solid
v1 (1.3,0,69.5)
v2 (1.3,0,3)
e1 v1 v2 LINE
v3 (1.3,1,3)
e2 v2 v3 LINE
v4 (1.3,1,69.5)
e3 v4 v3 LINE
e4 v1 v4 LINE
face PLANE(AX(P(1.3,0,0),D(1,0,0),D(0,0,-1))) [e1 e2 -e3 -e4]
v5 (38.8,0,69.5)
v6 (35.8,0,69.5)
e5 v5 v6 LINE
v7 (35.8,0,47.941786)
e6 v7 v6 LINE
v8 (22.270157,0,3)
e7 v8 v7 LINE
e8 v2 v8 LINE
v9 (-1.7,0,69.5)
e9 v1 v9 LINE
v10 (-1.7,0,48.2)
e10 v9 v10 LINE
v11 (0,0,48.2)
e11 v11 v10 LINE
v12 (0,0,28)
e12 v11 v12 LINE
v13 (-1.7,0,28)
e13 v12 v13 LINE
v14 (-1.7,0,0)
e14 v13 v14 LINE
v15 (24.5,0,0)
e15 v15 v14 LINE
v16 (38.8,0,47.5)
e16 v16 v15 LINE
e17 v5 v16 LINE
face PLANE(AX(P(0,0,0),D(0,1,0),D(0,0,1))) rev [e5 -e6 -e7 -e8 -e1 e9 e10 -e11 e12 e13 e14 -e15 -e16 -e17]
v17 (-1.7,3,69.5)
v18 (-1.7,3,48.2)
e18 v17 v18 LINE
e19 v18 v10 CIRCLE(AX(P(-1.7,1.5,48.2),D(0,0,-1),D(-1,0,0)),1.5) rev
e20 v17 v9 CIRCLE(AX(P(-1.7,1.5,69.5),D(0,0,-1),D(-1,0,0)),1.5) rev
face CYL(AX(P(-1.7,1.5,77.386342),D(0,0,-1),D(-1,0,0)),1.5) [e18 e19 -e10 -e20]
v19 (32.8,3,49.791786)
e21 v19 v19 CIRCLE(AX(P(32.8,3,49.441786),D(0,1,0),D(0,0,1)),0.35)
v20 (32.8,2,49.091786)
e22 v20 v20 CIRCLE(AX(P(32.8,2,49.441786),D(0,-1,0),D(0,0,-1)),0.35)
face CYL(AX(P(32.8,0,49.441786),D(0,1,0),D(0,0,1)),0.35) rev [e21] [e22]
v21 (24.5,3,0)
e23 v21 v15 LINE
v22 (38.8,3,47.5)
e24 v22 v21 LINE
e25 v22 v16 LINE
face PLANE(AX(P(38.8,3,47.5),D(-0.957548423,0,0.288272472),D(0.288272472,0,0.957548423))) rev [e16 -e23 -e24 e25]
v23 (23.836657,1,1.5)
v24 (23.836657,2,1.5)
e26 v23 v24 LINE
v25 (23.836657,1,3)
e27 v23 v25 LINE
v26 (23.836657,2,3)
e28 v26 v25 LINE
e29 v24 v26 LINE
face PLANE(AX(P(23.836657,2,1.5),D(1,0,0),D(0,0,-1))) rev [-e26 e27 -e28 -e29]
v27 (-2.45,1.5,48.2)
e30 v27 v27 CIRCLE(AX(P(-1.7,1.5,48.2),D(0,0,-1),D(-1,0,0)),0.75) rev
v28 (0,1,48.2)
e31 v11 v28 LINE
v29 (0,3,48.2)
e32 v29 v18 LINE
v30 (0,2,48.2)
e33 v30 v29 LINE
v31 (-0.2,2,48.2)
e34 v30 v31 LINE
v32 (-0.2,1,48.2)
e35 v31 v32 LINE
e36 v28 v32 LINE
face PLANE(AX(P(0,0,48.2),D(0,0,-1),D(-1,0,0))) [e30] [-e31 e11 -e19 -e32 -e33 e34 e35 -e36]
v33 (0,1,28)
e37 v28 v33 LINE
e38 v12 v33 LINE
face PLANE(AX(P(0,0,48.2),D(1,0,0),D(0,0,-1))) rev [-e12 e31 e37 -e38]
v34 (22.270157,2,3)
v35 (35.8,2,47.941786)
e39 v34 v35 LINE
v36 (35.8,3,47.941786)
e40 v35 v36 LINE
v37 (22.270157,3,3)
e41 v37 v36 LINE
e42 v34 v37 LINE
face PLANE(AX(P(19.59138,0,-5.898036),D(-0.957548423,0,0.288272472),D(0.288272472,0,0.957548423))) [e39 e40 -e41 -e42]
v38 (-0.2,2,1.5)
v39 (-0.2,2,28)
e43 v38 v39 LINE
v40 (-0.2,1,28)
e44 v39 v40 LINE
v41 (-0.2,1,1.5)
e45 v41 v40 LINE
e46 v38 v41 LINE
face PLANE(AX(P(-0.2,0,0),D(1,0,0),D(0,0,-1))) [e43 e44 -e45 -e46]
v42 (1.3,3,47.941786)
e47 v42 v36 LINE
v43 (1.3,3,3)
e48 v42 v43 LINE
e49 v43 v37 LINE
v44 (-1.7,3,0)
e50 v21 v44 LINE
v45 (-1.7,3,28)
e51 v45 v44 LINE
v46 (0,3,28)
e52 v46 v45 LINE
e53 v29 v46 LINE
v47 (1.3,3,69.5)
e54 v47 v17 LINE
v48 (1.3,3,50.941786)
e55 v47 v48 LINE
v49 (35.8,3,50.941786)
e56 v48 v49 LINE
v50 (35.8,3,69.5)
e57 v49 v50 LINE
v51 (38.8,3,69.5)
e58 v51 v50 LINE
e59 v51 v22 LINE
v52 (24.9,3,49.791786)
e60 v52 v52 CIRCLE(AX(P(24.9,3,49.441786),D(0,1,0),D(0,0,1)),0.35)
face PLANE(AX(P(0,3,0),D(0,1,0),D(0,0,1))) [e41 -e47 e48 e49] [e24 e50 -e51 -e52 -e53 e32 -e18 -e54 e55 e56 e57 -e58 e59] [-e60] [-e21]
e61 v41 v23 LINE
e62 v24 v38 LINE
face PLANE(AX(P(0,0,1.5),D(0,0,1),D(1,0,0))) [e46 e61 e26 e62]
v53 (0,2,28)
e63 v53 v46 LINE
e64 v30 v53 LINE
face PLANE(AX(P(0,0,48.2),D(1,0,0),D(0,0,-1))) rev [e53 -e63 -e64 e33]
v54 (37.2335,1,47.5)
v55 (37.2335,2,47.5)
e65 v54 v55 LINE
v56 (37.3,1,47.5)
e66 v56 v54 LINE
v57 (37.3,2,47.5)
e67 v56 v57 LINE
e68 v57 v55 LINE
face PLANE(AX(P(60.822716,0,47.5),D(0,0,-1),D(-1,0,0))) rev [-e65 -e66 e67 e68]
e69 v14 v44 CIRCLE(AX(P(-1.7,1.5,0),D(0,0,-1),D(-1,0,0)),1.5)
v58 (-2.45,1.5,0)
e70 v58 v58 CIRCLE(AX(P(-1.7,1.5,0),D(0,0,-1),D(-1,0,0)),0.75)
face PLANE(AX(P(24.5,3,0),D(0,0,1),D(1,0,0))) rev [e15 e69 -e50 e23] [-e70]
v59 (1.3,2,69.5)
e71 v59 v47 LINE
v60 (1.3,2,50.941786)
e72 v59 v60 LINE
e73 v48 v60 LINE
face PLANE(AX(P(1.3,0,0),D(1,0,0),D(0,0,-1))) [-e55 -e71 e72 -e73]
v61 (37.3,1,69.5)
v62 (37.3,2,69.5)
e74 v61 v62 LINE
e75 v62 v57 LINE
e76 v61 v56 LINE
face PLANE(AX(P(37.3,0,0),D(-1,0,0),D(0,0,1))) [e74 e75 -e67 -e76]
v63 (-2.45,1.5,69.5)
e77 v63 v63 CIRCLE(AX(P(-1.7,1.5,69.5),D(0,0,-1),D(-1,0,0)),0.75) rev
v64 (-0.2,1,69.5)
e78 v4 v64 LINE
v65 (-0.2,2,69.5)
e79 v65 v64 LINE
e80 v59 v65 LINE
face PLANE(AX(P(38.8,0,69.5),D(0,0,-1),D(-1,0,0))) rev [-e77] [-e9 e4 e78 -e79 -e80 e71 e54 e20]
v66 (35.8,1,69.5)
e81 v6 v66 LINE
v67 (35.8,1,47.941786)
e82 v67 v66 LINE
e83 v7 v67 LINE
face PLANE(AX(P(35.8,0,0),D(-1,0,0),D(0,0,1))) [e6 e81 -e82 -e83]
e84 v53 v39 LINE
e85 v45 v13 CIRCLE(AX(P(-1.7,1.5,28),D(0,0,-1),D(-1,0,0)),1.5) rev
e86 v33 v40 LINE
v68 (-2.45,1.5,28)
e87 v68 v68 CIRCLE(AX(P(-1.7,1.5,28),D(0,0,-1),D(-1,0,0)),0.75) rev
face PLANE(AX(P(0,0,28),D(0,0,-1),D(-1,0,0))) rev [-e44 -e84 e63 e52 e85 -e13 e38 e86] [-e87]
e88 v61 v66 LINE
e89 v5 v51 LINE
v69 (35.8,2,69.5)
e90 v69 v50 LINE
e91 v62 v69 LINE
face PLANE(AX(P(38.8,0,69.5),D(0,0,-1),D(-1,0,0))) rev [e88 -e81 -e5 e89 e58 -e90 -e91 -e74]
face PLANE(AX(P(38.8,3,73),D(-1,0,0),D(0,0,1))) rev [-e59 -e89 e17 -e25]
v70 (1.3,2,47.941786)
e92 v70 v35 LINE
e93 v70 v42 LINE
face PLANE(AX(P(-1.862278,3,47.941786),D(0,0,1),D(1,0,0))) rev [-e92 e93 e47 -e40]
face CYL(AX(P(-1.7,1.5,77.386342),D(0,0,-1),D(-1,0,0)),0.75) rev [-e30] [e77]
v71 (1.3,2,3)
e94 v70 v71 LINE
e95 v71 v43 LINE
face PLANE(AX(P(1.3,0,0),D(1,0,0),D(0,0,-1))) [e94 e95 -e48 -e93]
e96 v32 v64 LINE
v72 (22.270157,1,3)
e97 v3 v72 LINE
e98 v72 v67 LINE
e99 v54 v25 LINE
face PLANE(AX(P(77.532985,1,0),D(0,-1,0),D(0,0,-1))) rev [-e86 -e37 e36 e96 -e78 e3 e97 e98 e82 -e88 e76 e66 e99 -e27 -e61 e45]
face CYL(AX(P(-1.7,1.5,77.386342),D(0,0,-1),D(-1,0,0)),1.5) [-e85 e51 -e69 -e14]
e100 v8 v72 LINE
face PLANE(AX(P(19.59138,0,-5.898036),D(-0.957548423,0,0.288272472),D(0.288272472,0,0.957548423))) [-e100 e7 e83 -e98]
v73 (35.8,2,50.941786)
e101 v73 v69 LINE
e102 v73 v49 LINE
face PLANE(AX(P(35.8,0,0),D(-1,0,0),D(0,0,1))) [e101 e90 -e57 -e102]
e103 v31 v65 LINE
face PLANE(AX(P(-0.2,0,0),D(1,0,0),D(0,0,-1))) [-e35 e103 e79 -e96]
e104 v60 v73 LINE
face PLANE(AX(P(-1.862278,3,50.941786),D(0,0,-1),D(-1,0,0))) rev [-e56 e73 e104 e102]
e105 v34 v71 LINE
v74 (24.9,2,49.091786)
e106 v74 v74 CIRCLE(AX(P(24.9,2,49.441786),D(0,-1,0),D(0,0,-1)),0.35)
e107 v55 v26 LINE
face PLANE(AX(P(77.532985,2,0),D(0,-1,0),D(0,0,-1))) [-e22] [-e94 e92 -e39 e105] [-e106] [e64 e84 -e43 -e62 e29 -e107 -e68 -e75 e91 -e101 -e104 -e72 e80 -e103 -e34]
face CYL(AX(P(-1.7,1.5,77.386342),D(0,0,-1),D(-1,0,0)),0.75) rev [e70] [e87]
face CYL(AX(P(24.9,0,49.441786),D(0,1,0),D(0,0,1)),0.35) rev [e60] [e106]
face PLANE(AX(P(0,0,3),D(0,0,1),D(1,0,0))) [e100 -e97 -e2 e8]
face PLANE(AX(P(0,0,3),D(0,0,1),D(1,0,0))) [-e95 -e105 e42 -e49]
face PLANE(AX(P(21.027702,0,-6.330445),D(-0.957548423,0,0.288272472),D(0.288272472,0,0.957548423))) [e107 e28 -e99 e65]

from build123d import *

# Parameters (mm, degrees)
EXTRUDE_1_DEPTH                   = 3
SKETCH_2_R                        = 1.5
SKETCH_2_R_2                      = 0.75
EXTRUDE_2_DEPTH                   = 73
SKETCH_3_W                        = 42
SKETCH_3_H                        = 3.5
SKETCH_3_W_2                      = 3.2
SKETCH_3_H_2                      = 20.2
CUT_EXTRUDE_1_DEPTH               = 83.725086884
CUT_EXTRUDE_2_REACH               = 84.028
CUT_EXTRUDE_2_OFFSET_FROM_SURFACE = 1.5
CUT_EXTRUDE_START                 = -1.5
SKETCH_4_W                        = 44.5
SKETCH_4_H                        = 1
SKETCH_4_3_W                      = 22
SKETCH_4_3_H                      = 1
CUT_EXTRUDE_3_DEPTH               = 37.5
SKETCH_5_W                        = 3
SKETCH_5_H                        = 1
EXTRUDE_3_DEPTH                   = 34.5
SKETCH_6_R                        = 0.35
CUT_EXTRUDE_4_DEPTH               = 80.653562381
SKETCH_7_W                        = 24.036657481
SKETCH_7_H                        = 1
CUT_EXTRUDE_5_DEPTH               = 1.5


with BuildPart() as part:
    # 草图1 → 凸台-拉伸1 (new body)
    with BuildSketch(Plane(origin=(0, 0, 0), x_dir=(1, 0, 0), z_dir=(0, 1, 0))):
        Polygon((0, 0), (0, -73), (38.8, -73), (38.8, -47.5), (24.5, 0), align=None)
    extrude(amount=EXTRUDE_1_DEPTH)

    # 草图2 → 凸台-拉伸2 (add)
    # profile 1 of 2: a face of its own
    with BuildSketch(Plane(origin=(0, 0, 0), x_dir=(-1, 0, 0), z_dir=(0, 0, -1))):
        with BuildLine():
            Line((0, 3), (0, 0))
            Line((0, 0), (1.7, 0))
            ThreePointArc((1.7, 0), (0.2, 1.5), (1.7, 3))
            Line((1.7, 3), (0, 3))
        make_face()
    # profile 2 of 2: a face of its own
    with BuildSketch(Plane(origin=(0, 0, 0), x_dir=(-1, 0, 0), z_dir=(0, 0, -1))):
        with Locations((1.7, 1.5)):
            Circle(SKETCH_2_R)
        with Locations((1.7, 1.5)):
            Circle(SKETCH_2_R_2, mode=Mode.SUBTRACT)
    extrude(amount=-EXTRUDE_2_DEPTH)

    # 草图3 → 切除-拉伸1 (cut, through all)
    with BuildSketch(Plane(origin=(0, 3, 0), x_dir=(1, 0, 0), z_dir=(0, 1, 0))):
        with Locations((17.8, -71.25)):
            Rectangle(SKETCH_3_W, SKETCH_3_H)
        with Locations((-1.6, -38.1)):
            Rectangle(SKETCH_3_W_2, SKETCH_3_H_2)
        Polygon((1.3, -3), (22.270157068, -3), (35.8, -47.941785964), (35.8, -69.5), (1.3, -69.5), align=None)
    extrude(amount=-CUT_EXTRUDE_1_DEPTH, mode=Mode.SUBTRACT)

    # 切除-拉伸2: up to this face of the body (flat: up to its plane, moved by the offset)
    cut_extrude_2_end = Plane(part.part.faces().sort_by_distance((29.035078534, 1.5, 25.470892982))[0]).offset(-CUT_EXTRUDE_2_OFFSET_FROM_SURFACE)
    # 草图4 → 切除-拉伸2 (cut, up to the picked face)
    with BuildSketch(Plane(origin=(1.3, 0, 0), x_dir=(0, 0, -1), z_dir=(1, 0, 0)).offset(CUT_EXTRUDE_START), mode=Mode.PRIVATE) as cut_extrude_2_sk1:
        with Locations((-25.25, 1.5)):
            Rectangle(SKETCH_4_W, SKETCH_4_H)
    cut_extrude_2_tool1 = split(extrude(cut_extrude_2_sk1.sketch, amount=CUT_EXTRUDE_2_REACH, mode=Mode.PRIVATE), bisect_by=cut_extrude_2_end, keep=Keep.BOTH, mode=Mode.PRIVATE)
    add(cut_extrude_2_tool1.solids().sort_by(Axis((-0.2, 1.5, 25.25), (1, 0, 0)))[0], mode=Mode.SUBTRACT)

    # 草图4<3> → 切除-拉伸3 (cut)
    with BuildSketch(Plane(origin=(1.3, 0, 0), x_dir=(0, 0, -1), z_dir=(1, 0, 0)).offset(CUT_EXTRUDE_START)):
        with Locations((-58.5, 1.5)):
            Rectangle(SKETCH_4_3_W, SKETCH_4_3_H)
    extrude(amount=CUT_EXTRUDE_3_DEPTH, mode=Mode.SUBTRACT)

    # 草图5 → 凸台-拉伸3 (add)
    with BuildSketch(Plane.ZY.offset(-35.8)):
        with Locations((49.441785964, 2.5)):
            Rectangle(SKETCH_5_W, SKETCH_5_H)
    extrude(amount=EXTRUDE_3_DEPTH)

    # 草图6 → 切除-拉伸4 (cut, through all)
    with BuildSketch(Plane(origin=(0, 3, 0), x_dir=(1, 0, 0), z_dir=(0, 1, 0))):
        with Locations(Location((32.8, -49.441785964, 0), (0, 0, 270))):
            Circle(SKETCH_6_R)
        with Locations(Location((24.9, -49.441785964, 0), (0, 0, 270))):
            Circle(SKETCH_6_R)
    extrude(amount=-CUT_EXTRUDE_4_DEPTH, mode=Mode.SUBTRACT)

    # 草图7 → 切除-拉伸5 (cut)
    with BuildSketch(Plane.XY.offset(3)):
        with Locations((11.818328741, 1.5)):
            Rectangle(SKETCH_7_W, SKETCH_7_H)
    extrude(amount=-CUT_EXTRUDE_5_DEPTH, mode=Mode.SUBTRACT)


solid = part.part
